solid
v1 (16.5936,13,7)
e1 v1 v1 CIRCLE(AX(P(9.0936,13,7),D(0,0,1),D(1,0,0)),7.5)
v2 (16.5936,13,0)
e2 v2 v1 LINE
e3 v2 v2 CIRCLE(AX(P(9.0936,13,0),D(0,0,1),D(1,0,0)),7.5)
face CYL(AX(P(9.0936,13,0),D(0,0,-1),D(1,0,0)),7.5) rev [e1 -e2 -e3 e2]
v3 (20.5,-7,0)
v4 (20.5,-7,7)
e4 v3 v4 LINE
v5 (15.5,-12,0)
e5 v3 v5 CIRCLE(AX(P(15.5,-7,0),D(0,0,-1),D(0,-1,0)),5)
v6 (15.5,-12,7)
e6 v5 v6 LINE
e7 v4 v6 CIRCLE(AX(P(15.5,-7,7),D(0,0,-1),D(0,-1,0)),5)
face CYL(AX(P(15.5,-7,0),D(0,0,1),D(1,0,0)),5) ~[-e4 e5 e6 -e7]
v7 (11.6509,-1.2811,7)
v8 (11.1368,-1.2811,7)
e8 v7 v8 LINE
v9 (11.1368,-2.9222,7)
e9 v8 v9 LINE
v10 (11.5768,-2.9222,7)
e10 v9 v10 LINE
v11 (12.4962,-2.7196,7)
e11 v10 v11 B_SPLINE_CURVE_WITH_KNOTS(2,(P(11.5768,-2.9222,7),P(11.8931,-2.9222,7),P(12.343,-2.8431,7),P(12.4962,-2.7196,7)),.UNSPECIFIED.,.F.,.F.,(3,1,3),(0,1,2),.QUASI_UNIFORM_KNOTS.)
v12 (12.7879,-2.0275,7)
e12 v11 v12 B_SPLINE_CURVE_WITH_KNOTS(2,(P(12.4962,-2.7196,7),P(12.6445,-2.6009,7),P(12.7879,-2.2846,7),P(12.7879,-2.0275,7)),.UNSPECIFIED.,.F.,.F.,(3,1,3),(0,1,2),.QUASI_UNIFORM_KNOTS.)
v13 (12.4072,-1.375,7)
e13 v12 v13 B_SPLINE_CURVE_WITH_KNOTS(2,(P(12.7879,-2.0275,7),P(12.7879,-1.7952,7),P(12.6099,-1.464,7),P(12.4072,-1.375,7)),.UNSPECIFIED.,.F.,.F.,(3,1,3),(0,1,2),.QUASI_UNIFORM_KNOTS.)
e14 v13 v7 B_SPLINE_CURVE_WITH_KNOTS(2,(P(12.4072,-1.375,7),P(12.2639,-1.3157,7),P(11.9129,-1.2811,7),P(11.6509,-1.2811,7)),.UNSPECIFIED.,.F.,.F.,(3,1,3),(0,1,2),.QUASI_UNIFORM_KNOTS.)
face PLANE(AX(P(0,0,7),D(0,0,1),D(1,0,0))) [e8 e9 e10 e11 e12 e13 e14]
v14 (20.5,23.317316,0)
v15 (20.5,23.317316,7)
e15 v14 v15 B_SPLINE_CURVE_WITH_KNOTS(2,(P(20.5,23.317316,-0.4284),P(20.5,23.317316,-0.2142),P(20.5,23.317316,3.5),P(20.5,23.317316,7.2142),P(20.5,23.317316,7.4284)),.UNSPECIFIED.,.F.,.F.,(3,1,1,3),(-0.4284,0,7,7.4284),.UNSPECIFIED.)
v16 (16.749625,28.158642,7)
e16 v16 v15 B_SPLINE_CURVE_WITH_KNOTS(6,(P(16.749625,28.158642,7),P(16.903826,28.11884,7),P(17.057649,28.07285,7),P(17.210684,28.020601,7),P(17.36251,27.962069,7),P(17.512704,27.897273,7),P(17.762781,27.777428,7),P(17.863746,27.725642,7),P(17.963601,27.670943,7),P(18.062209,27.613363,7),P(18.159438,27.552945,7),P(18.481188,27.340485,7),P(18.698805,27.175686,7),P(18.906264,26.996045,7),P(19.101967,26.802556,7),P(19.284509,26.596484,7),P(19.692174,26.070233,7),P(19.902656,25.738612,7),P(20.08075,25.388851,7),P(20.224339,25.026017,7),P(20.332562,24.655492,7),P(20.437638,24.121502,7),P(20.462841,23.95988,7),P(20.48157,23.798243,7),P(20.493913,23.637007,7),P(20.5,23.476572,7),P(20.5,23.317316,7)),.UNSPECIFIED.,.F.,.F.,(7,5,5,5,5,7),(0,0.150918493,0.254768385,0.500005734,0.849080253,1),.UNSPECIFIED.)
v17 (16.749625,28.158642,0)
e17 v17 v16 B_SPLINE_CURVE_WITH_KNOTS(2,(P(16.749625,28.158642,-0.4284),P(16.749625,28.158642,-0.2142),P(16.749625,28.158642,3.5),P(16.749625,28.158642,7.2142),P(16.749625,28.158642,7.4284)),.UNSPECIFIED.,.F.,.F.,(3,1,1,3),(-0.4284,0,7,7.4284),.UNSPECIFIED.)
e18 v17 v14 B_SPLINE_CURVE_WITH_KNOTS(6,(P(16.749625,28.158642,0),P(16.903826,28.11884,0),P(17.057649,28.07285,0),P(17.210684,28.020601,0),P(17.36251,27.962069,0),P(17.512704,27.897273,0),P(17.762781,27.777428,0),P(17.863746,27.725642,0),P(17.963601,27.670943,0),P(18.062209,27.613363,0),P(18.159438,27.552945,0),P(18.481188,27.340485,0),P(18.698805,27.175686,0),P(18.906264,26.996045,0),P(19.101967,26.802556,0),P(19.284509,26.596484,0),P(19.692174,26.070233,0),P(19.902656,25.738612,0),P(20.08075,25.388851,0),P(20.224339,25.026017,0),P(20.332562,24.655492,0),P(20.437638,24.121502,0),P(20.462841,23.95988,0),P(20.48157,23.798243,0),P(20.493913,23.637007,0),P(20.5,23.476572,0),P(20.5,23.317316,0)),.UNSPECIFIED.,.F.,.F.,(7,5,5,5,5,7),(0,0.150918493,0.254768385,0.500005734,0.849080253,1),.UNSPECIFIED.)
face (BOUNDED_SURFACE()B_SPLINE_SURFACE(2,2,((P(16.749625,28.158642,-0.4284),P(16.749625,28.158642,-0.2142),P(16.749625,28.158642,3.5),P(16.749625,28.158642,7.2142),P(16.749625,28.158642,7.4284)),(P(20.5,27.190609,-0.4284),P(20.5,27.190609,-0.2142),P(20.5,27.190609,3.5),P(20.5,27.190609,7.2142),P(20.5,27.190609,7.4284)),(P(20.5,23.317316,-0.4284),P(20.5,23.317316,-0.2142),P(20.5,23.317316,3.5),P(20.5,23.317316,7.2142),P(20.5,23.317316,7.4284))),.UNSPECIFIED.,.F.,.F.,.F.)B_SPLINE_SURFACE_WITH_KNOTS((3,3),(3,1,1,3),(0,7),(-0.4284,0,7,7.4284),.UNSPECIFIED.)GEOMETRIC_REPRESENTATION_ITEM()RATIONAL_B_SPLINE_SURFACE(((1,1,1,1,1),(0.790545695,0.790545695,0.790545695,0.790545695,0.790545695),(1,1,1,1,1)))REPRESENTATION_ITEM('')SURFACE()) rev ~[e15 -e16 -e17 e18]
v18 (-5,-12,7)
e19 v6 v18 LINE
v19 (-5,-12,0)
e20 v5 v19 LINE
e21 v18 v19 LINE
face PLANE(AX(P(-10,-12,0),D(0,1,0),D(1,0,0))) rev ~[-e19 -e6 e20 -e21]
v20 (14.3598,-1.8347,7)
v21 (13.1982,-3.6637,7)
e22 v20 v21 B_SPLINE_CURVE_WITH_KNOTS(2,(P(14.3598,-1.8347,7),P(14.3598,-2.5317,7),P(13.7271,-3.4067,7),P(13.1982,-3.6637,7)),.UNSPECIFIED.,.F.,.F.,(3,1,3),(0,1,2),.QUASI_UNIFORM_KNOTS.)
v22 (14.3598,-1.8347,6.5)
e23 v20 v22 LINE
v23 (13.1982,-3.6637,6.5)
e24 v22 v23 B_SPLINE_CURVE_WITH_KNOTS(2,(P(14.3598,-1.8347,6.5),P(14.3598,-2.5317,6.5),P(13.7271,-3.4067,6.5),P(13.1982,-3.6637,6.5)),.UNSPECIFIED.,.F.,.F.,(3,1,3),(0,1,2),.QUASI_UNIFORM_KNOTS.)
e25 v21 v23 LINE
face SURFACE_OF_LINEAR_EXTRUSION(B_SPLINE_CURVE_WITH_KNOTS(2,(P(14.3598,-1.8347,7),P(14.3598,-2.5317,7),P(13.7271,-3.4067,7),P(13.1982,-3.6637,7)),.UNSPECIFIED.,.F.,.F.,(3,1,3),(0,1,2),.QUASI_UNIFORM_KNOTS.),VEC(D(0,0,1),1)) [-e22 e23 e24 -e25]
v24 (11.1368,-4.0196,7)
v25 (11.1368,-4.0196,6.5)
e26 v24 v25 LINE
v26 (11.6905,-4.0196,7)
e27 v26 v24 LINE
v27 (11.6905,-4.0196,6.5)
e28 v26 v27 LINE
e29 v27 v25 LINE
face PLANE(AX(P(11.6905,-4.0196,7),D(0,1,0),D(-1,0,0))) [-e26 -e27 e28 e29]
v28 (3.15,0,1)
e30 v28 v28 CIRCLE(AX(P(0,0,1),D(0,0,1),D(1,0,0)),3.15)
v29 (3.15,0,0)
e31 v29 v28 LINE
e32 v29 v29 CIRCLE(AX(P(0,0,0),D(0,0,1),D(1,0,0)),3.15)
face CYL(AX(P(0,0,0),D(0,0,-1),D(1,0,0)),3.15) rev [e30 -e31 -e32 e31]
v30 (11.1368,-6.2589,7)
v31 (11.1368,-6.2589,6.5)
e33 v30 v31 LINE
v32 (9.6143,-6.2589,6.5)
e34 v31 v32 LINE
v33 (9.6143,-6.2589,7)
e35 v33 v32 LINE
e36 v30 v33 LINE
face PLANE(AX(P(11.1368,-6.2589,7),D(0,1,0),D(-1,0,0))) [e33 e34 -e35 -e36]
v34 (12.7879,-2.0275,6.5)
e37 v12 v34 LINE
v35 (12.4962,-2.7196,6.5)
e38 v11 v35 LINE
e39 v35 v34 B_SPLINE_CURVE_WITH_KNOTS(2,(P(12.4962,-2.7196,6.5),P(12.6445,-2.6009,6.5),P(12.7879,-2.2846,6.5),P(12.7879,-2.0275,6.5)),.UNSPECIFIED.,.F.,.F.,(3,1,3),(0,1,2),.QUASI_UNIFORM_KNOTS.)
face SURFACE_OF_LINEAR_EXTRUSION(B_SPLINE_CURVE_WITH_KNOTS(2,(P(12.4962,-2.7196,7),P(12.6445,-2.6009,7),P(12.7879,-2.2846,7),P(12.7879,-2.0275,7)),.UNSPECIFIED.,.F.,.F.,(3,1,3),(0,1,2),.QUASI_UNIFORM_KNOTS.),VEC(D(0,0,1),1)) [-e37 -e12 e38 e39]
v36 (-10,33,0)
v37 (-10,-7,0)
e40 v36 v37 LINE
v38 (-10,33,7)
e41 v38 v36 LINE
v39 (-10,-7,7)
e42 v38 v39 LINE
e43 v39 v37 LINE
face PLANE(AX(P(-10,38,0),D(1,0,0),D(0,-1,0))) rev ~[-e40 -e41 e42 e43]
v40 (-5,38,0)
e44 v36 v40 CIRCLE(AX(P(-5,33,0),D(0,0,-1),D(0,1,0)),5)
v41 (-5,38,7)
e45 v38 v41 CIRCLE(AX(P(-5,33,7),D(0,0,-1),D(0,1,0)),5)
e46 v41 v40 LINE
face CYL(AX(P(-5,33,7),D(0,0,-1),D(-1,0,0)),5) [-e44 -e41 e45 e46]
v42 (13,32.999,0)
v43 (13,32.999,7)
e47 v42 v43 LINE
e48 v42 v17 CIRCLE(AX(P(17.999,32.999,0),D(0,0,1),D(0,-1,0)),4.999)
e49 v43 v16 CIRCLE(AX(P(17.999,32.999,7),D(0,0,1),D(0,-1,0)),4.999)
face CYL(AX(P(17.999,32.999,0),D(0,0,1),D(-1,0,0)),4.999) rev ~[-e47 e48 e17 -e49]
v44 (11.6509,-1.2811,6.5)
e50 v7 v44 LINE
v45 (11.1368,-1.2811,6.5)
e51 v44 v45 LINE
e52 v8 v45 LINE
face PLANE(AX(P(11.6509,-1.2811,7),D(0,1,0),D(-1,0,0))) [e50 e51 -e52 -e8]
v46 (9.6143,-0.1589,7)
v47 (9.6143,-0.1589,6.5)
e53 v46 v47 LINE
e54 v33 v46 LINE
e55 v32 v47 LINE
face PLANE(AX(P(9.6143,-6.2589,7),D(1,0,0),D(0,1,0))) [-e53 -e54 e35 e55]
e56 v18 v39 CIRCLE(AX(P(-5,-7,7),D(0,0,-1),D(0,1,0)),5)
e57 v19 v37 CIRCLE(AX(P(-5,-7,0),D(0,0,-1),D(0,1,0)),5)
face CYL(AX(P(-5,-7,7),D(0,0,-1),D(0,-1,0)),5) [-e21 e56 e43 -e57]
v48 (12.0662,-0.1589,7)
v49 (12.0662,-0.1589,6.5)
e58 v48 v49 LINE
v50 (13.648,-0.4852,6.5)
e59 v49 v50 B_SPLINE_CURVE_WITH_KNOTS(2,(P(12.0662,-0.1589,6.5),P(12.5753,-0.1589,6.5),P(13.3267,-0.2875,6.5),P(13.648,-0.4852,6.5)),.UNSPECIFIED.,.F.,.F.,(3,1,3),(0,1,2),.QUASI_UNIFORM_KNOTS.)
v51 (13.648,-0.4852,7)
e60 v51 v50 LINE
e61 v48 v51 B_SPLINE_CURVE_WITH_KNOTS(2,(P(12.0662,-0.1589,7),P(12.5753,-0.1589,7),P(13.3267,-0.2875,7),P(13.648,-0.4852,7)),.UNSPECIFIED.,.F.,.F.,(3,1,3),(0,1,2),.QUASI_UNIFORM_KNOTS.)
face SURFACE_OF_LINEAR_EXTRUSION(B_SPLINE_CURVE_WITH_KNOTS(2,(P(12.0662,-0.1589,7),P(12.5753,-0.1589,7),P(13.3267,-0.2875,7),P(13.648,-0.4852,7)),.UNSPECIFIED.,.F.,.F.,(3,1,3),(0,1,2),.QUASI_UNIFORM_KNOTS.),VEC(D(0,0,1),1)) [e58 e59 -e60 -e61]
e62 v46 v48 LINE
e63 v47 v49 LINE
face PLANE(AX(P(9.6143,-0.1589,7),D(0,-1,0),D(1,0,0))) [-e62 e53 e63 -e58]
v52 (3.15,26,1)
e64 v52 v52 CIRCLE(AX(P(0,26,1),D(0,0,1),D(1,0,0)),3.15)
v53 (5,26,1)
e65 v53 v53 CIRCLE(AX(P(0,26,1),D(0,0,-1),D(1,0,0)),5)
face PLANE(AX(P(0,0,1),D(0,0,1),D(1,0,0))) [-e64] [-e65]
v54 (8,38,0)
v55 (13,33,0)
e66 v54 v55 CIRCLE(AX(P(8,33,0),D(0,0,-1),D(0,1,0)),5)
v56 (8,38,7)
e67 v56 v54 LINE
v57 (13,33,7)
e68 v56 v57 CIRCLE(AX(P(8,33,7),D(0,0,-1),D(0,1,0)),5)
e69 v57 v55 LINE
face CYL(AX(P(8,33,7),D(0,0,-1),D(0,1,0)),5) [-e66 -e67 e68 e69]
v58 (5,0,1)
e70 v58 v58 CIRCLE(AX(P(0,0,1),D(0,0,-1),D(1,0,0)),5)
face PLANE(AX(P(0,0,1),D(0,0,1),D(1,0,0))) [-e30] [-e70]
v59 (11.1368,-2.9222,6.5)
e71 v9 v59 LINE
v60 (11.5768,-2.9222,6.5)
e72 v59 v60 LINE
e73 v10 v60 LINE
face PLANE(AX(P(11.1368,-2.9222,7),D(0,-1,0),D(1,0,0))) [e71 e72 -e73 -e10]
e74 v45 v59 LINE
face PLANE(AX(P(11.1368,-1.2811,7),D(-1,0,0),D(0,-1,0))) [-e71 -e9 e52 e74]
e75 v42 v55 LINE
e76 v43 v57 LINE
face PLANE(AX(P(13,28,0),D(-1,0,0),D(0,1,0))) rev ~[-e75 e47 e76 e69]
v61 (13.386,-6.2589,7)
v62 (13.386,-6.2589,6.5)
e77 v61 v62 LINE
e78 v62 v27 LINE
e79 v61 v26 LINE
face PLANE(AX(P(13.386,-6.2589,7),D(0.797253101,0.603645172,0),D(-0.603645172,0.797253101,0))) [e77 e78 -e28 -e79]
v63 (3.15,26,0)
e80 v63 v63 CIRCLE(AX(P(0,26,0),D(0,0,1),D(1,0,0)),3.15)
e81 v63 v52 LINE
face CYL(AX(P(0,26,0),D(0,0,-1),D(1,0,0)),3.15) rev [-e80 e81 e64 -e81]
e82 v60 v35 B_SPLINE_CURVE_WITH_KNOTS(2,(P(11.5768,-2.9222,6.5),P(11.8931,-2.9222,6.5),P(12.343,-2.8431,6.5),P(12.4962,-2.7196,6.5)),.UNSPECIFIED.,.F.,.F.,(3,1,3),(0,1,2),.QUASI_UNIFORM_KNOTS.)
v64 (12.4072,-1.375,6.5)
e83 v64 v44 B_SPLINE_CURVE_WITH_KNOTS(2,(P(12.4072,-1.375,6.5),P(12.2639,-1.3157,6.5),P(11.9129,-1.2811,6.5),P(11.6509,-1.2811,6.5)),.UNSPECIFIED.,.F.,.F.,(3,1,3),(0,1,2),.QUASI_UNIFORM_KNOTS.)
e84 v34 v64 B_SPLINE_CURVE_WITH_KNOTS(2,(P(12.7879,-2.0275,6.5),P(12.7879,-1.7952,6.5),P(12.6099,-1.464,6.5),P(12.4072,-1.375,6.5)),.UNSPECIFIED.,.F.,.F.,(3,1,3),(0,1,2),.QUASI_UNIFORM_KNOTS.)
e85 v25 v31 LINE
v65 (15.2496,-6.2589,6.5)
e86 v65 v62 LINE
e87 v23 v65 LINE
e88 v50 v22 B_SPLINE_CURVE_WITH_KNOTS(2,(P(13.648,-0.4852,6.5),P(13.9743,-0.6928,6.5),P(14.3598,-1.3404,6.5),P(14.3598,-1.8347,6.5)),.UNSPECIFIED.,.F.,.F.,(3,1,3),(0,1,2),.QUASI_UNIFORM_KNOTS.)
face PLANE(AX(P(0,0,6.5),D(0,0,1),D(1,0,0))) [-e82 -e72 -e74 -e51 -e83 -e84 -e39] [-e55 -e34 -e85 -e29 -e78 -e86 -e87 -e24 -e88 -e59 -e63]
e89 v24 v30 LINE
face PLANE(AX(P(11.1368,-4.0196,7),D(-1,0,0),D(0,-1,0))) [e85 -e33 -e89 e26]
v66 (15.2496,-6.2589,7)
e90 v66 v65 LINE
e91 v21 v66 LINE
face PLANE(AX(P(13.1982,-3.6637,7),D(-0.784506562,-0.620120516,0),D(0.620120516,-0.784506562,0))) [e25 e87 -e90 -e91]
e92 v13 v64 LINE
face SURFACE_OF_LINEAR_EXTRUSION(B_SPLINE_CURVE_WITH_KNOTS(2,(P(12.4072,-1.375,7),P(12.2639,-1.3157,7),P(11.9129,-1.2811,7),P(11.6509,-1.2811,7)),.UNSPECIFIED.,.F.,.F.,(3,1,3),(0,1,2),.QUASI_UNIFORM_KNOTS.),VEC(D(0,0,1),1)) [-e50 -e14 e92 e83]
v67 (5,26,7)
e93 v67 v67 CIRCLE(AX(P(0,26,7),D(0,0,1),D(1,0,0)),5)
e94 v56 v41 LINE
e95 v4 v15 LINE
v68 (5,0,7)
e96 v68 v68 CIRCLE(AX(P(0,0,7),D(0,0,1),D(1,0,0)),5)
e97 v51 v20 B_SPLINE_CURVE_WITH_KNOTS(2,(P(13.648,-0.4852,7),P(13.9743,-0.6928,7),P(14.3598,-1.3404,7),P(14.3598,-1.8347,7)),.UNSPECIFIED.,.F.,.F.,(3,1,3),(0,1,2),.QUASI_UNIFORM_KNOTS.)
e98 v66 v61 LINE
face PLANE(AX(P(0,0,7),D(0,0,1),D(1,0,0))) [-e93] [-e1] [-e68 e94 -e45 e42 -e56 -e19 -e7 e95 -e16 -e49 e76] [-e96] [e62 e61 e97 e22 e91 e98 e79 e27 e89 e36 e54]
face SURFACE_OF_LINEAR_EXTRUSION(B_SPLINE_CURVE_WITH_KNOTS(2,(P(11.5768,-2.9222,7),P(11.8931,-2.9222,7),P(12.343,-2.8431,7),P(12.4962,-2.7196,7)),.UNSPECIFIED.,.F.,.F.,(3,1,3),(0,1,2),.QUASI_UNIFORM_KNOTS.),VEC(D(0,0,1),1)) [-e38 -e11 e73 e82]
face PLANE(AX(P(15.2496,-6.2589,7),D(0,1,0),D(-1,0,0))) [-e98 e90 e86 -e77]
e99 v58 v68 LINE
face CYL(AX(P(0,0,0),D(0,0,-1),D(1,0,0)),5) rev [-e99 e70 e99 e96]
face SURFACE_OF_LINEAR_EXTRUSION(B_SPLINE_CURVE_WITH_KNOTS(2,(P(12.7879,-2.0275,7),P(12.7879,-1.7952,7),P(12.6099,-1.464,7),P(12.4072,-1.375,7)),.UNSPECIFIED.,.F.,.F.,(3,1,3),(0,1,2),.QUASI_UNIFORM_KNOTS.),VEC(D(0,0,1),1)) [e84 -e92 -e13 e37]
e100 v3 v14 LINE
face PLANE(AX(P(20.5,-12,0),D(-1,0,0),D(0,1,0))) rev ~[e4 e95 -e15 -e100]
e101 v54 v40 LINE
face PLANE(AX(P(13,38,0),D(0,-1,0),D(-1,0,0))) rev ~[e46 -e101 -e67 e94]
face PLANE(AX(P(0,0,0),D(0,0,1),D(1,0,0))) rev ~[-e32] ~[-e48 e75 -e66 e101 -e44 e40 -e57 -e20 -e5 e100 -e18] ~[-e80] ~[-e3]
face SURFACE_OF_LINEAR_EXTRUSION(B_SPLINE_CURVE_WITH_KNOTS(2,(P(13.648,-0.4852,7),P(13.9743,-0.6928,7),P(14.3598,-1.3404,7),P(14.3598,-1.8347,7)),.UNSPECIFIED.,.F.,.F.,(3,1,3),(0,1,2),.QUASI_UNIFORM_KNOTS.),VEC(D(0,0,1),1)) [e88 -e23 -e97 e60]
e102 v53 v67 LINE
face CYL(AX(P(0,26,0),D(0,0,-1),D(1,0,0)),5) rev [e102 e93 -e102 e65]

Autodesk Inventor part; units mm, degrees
ref_plane "YZ Plane" through (0, 0, 0) normal (1, 0, 0) x (0, 1, 0)
ref_plane "XZ Plane" through (0, 0, 0) normal (0, 1, 0) x (-1, 0, 0)
ref_plane "XY Plane" through (0, 0, 0) normal (0, 0, 1) x (1, 0, 0)
sketch "S-SupportBase" plane through (0, 0, 0) normal (0, 0, 1) x (1, 0, 0)
  line L0 (0, 48) -> (0, -22) construction
  line L1 (0, 0) -> (20.5, 0) construction
  circle A0 centre (0, 0) radius 5
  circle A1 centre (0, 0) radius 3.15
  line L2 (0, -12) -> (20.5, -12)
  line L3 (20.5, -12) -> (20.5, 28)
  line L4 (20.5, 28) -> (13, 28)
  line L5 (13, 28) -> (13, 38)
  line L6 (13, 38) -> (-10, 38)
  line L7 (-10, 38) -> (-10, -12)
  line L8 (-10, -12) -> (0, -12)
  circle A2 centre (0, 26) radius 5
  circle A3 centre (0, 26) radius 3.15
  circle A4 centre (9.0936, 13) radius 7.5
  line L9 (8.9816, -0.1589) -> (15.0717, -0.1589) construction
  line L10 (15.0717, -0.1589) -> (15.0717, -6.2589) construction
  line L11 (15.0717, -6.2589) -> (8.9816, -6.2589) construction
  line L12 (8.9816, -6.2589) -> (8.9816, -0.1589) construction
  line L13 (15.2496, -6.2589) -> (13.386, -6.2589)
  line L14 (13.386, -6.2589) -> (11.6905, -4.0196)
  line L15 (11.6905, -4.0196) -> (11.1368, -4.0196)
  line L16 (11.1368, -4.0196) -> (11.1368, -6.2589)
  line L17 (11.1368, -6.2589) -> (9.6143, -6.2589)
  line L18 (9.6143, -6.2589) -> (9.6143, -0.1589)
  line L19 (9.6143, -0.1589) -> (12.0662, -0.1589)
  spline S0 degree 2 poles (12.0662, -0.1589) (12.5753, -0.1589) (13.3267, -0.2875) (13.648, -0.4852) knots 0 0 0 1 2 2 2
  spline S1 degree 2 poles (13.648, -0.4852) (13.9743, -0.6928) (14.3598, -1.3404) (14.3598, -1.8347) knots 0 0 0 1 2 2 2
  spline S2 degree 2 poles (14.3598, -1.8347) (14.3598, -2.5317) (13.7271, -3.4067) (13.1982, -3.6637) knots 0 0 0 1 2 2 2
  line L20 (13.1982, -3.6637) -> (15.2496, -6.2589)
  spline S3 degree 2 poles (12.7879, -2.0275) (12.7879, -1.7952) (12.6099, -1.464) (12.4072, -1.375) knots 0 0 0 1 2 2 2
  spline S4 degree 2 poles (12.4072, -1.375) (12.2639, -1.3157) (11.9129, -1.2811) (11.6509, -1.2811) knots 0 0 0 1 2 2 2
  line L21 (11.6509, -1.2811) -> (11.1368, -1.2811)
  line L22 (11.1368, -1.2811) -> (11.1368, -2.9222)
  line L23 (11.1368, -2.9222) -> (11.5768, -2.9222)
  spline S5 degree 2 poles (11.5768, -2.9222) (11.8931, -2.9222) (12.343, -2.8431) (12.4962, -2.7196) knots 0 0 0 1 2 2 2
  spline S6 degree 2 poles (12.4962, -2.7196) (12.6445, -2.6009) (12.7879, -2.2846) (12.7879, -2.0275) knots 0 0 0 1 2 2 2
  dimension "d0" = 20.5
  dimension "d1" = 10
  dimension "d2" = 6.3
  dimension "d3" = 12
  dimension "d4" = 10
  dimension "d5" = 40
  dimension "d6" = 10
  dimension "d9" = 26
  dimension "d14" = 23
  dimension "d20" = 15
extrude "Ex-Base1" add sketch "S-SupportBase" along normal blind 1 contours A0 | L8 L7 L6 L5 L4 L3 L2 | A2 | L13 L14 L15 L16 L17 L18 L19 S0 S1 S2 L20 | S6 S5 L23 L22 L21 S4 S3
extrude "Ex-Base2" add sketch "S-SupportBase" along normal blind 7 contours L8 L7 L6 L5 L4 L3 L2 | L13 L14 L15 L16 L17 L18 L19 S0 S1 S2 L20 | S6 S5 L23 L22 L21 S4 S3
fillet "Rundung1" radius 5 6 edges at (-10, -12, 3.5) (-10, 38, 3.5) (13, 38, 3.5) (13, 28, 3.5) (20.5, 28, 3.5) (20.5, -12, 3.5)
extrude "Extrusion3" cut sketch "S-SupportBase" against normal blind 0.5 from surface at 7 contours L13 L14 L15 L16 L17 L18 L19 S0 S1 S2 L20
properties part number "xy Motor Support Right for 4040 extra"
